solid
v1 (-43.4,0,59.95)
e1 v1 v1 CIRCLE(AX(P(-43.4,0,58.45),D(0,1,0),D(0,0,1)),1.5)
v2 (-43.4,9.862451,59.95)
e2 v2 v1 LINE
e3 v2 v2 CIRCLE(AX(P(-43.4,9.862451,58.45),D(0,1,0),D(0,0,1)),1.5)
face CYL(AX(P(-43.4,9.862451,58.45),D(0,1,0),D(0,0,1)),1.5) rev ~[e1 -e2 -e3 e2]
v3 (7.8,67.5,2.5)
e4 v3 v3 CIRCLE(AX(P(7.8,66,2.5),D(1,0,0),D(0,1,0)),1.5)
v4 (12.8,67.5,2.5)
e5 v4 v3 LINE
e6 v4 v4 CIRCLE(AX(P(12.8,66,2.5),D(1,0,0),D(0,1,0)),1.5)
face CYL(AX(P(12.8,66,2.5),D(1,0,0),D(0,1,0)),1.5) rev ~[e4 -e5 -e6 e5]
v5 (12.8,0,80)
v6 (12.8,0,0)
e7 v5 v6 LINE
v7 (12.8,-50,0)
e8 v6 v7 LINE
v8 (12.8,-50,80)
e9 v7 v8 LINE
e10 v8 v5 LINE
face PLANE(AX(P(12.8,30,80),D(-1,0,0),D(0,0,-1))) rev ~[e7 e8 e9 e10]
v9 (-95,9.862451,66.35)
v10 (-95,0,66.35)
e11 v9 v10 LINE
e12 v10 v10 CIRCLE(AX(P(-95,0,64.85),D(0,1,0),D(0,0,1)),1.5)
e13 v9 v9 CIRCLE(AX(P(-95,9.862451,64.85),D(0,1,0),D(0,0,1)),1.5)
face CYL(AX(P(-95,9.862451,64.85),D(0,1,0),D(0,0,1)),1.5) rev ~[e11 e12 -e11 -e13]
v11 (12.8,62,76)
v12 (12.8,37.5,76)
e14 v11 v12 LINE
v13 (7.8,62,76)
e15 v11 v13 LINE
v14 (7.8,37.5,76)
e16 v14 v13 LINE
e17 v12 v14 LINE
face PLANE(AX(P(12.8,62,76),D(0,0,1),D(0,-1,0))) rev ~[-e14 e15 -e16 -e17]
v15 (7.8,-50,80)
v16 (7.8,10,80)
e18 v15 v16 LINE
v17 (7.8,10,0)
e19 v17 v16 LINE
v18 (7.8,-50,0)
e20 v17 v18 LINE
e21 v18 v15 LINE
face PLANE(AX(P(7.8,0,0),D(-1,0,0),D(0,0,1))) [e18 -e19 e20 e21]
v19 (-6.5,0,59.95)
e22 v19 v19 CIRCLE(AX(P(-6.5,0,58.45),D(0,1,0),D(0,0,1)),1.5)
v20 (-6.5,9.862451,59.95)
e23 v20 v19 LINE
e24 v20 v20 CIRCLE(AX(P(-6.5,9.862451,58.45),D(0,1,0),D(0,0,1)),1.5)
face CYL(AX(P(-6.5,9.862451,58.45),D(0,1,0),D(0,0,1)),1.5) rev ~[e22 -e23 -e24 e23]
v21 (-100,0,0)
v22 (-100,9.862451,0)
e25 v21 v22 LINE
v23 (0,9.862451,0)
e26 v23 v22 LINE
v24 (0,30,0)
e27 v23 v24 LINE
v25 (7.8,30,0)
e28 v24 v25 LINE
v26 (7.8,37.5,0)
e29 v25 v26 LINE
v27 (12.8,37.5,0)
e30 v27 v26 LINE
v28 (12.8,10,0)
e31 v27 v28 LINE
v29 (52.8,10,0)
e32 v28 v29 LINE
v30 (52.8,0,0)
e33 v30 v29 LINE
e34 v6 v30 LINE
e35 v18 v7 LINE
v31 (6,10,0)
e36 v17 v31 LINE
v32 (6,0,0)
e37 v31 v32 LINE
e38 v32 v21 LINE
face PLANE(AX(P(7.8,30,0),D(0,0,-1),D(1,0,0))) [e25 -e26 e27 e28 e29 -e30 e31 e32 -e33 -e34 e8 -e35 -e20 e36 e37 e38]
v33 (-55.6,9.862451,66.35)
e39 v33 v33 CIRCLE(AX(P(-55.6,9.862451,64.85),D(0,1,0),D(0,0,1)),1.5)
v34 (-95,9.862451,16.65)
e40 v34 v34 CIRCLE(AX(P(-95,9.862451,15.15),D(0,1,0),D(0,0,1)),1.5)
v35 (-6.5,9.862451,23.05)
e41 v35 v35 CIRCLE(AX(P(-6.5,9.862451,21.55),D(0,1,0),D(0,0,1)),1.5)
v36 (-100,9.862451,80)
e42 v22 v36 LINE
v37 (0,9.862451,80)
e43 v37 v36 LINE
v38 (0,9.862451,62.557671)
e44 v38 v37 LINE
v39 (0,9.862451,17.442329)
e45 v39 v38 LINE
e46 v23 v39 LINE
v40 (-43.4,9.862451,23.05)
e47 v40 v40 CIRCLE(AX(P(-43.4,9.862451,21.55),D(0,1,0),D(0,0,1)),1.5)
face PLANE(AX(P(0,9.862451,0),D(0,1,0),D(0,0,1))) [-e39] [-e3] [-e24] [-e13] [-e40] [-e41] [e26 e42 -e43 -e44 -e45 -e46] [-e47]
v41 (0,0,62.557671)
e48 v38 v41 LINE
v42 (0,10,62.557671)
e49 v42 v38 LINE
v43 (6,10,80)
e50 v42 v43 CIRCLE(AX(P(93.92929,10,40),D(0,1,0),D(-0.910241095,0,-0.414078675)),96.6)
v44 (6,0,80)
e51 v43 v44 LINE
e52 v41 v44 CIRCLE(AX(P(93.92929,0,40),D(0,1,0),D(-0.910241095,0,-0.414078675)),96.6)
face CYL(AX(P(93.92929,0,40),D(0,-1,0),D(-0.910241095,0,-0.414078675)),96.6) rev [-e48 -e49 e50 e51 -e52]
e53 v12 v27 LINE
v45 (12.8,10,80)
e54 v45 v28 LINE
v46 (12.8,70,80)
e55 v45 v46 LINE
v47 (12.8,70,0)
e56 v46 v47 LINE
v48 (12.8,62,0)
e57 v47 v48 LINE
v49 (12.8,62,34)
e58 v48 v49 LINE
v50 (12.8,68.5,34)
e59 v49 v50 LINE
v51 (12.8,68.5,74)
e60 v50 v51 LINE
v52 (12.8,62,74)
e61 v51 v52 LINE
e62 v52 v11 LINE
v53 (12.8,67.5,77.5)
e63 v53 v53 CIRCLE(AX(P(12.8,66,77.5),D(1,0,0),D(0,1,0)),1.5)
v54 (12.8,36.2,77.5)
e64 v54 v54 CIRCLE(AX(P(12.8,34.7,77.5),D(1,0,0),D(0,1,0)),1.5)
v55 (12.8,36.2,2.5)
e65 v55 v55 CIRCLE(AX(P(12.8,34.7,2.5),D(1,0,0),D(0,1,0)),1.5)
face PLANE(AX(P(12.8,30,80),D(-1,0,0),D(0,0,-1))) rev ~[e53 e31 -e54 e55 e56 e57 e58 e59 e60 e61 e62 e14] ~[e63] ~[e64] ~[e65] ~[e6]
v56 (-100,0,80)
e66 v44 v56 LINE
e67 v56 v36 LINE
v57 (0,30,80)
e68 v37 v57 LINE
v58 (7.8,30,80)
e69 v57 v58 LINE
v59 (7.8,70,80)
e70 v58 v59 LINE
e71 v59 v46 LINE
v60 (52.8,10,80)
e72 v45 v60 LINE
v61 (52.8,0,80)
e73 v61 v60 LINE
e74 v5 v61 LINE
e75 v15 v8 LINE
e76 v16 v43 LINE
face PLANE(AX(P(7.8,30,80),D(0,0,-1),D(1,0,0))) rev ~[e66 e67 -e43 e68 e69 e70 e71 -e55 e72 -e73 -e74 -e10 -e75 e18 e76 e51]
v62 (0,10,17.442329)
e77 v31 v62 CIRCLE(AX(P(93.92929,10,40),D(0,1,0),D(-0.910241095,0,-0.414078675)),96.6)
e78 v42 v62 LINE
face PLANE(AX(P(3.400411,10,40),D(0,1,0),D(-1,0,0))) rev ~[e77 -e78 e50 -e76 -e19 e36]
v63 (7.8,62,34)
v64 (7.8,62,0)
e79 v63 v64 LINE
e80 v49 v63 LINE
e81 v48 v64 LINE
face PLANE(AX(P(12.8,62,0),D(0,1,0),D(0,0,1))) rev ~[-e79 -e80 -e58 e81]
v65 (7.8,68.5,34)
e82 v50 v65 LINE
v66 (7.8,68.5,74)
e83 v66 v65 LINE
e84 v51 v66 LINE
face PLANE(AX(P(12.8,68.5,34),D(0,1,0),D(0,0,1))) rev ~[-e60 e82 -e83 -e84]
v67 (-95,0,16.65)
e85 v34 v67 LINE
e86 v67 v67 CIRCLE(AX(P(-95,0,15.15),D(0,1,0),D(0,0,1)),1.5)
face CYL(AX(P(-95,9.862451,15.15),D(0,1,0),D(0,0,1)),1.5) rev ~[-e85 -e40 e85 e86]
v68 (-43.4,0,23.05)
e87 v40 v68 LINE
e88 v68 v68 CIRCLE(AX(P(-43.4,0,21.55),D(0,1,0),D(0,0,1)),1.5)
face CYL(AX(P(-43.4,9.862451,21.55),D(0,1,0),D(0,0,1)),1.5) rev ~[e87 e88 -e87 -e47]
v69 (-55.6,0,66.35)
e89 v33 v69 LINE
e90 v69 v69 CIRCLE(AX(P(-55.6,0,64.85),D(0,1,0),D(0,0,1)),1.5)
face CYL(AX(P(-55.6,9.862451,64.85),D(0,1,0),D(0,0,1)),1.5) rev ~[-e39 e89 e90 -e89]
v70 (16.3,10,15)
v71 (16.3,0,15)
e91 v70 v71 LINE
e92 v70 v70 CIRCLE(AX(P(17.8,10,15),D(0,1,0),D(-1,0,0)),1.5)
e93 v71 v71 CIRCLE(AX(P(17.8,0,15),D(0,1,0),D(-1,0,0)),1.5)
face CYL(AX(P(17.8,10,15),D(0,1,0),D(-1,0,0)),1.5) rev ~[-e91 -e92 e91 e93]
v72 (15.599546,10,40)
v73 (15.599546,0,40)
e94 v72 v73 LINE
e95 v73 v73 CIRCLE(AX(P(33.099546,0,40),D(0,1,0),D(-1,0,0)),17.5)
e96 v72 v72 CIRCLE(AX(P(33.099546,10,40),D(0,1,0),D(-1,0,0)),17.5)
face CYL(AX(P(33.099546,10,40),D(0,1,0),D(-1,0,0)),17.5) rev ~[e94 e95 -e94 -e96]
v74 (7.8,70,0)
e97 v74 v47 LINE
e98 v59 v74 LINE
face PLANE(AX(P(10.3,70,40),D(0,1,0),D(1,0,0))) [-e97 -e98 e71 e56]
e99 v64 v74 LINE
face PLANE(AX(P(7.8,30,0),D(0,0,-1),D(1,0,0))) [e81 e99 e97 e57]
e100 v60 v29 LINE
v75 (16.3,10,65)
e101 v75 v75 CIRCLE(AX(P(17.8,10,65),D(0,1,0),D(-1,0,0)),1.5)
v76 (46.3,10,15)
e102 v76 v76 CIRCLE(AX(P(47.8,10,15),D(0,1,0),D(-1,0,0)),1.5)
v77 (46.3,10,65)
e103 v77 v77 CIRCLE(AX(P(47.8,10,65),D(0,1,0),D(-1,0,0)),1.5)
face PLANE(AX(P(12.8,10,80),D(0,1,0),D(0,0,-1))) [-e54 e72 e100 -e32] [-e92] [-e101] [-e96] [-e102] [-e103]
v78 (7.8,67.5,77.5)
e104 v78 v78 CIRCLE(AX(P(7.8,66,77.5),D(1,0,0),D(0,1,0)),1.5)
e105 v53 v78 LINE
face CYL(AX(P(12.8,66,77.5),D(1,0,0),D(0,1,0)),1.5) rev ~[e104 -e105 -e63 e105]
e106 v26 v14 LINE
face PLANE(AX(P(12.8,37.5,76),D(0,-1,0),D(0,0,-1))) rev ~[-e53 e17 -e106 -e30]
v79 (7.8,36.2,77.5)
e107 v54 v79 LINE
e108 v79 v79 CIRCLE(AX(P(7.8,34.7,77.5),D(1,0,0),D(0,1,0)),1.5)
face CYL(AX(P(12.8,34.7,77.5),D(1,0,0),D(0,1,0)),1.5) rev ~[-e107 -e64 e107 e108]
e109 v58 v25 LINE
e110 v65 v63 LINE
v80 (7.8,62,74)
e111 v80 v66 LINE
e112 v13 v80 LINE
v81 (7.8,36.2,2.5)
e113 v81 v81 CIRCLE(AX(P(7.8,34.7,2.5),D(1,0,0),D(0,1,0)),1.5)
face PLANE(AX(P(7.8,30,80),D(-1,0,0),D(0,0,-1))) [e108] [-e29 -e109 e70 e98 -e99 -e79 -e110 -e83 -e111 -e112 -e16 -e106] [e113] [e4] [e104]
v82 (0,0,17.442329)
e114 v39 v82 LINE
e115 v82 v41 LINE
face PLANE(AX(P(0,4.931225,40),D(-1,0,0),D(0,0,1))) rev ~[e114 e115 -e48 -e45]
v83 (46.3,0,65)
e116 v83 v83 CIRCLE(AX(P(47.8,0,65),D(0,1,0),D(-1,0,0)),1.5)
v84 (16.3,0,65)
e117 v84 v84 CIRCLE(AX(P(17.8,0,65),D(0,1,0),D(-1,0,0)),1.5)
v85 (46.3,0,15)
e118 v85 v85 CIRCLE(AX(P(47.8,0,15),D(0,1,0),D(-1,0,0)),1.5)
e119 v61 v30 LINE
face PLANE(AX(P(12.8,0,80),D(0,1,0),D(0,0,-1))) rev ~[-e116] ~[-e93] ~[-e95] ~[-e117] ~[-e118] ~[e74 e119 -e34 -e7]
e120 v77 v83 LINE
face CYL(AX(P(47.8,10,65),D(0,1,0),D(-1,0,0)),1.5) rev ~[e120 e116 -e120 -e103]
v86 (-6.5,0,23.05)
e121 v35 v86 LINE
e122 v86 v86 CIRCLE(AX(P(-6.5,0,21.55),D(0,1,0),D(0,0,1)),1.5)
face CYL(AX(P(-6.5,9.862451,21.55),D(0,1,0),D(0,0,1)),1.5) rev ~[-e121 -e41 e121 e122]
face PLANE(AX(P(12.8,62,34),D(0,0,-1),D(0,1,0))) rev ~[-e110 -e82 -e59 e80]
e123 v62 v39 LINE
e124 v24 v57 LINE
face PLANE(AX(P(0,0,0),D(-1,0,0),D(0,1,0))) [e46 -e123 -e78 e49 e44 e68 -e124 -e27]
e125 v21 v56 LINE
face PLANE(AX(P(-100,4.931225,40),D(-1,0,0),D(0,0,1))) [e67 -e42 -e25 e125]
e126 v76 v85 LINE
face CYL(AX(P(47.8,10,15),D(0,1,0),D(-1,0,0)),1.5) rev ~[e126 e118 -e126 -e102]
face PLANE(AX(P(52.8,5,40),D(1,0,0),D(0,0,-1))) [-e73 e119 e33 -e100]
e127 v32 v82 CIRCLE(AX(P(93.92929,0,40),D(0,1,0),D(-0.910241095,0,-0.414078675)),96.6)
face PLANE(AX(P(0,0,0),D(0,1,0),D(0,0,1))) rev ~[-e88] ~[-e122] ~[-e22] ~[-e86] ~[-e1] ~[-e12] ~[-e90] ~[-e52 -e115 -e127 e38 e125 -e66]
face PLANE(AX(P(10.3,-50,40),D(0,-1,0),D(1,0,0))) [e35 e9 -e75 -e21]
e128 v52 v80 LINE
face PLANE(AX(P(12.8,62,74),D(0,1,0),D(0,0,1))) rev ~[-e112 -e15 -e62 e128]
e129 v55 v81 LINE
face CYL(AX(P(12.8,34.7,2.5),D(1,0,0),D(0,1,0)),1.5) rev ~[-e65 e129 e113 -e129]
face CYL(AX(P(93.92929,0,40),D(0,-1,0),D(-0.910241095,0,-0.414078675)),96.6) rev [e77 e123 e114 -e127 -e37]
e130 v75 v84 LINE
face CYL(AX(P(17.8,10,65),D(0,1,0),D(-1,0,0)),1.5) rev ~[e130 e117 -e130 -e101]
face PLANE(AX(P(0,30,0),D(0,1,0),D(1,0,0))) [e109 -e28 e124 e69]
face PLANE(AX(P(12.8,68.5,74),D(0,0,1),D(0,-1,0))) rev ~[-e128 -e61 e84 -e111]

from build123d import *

# Parameters (mm, degrees)
BOSS_EXTRUDE1_DEPTH   = 80
CORTE_EXTRUS_O1_DEPTH = 10
SKETCH3_W             = 5
SKETCH3_H             = 80
BOSS_EXTRUDE2_DEPTH   = 50
SKETCH4_W             = 80
SKETCH4_H             = 9.86245083
BOSS_EXTRUDE3_DEPTH   = 100
SKETCH5_R             = 1.5
CUT_EXTRUDE1_DEPTH    = 40
SKETCH6_W             = 5
SKETCH6_H             = 80
BOSS_EXTRUDE4_DEPTH   = 40
SKETCH7_R             = 1.5
CUT_EXTRUDE2_DEPTH    = 40
SKETCH8_W             = 80
SKETCH8_H             = 10
BOSS_EXTRUDE5_DEPTH   = 40
SKETCH9_R             = 1.5
SKETCH9_R_2           = 17.5
CUT_EXTRUDE3_DEPTH    = 40


with BuildPart() as part:
    # Sketch1 → Boss-Extrude1 (new body)
    with BuildSketch(Plane.XY):
        Polygon((0, 0), (0, 30), (12.8, 30), (12.8, 0), (7.8, 0), (7.8, 10), (6, 10), (6, 0), align=None)
    extrude(amount=BOSS_EXTRUDE1_DEPTH)

    # Esboço2 → Corte-extrusão1 (cut)
    with BuildSketch(Plane.XZ):
        with BuildLine():
            Line((6, 80), (6, 0))
            ThreePointArc((6, 0), (-2.670710227, 40), (6, 80))
        make_face()
    extrude(amount=-CORTE_EXTRUS_O1_DEPTH, mode=Mode.SUBTRACT)

    # Sketch3 → Boss-Extrude2 (add)
    with BuildSketch(Plane.XZ):
        with Locations((10.3, 40)):
            Rectangle(SKETCH3_W, SKETCH3_H)
    extrude(amount=BOSS_EXTRUDE2_DEPTH)

    # Sketch4 → Boss-Extrude3 (add)
    with BuildSketch(Plane.ZY):
        with Locations((40, 4.931225415)):
            Rectangle(SKETCH4_W, SKETCH4_H)
    extrude(amount=BOSS_EXTRUDE3_DEPTH)

    # Sketch5 → Cut-Extrude1 (cut)
    with BuildSketch(Plane(origin=(0, 9.86245083, 0), x_dir=(1, 0, 0), z_dir=(0, 1, 0))):
        with Locations(Location((-6.5, -21.55, 0), (0, 0, 270))):
            Circle(SKETCH5_R)
        with Locations(Location((-6.5, -58.45, 0), (0, 0, 270))):
            Circle(SKETCH5_R)
        with Locations(Location((-43.4, -21.55, 0), (0, 0, 270))):
            Circle(SKETCH5_R)
        with Locations(Location((-43.4, -58.45, 0), (0, 0, 270))):
            Circle(SKETCH5_R)
        with Locations(Location((-55.6, -64.85, 0), (0, 0, 270))):
            Circle(SKETCH5_R)
        with Locations(Location((-95, -64.85, 0), (0, 0, 270))):
            Circle(SKETCH5_R)
        with Locations(Location((-95, -15.15, 0), (0, 0, 270))):
            Circle(SKETCH5_R)
    extrude(amount=-CUT_EXTRUDE1_DEPTH, mode=Mode.SUBTRACT)

    # Sketch6 → Boss-Extrude4 (add)
    with BuildSketch(Plane(origin=(0, 30, 0), x_dir=(1, 0, 0), z_dir=(0, 1, 0))):
        with Locations((10.3, -40)):
            Rectangle(SKETCH6_W, SKETCH6_H)
    extrude(amount=BOSS_EXTRUDE4_DEPTH)

    # Sketch7 → Cut-Extrude2 (cut)
    with BuildSketch(Plane(origin=(12.8, 0, 0), x_dir=(0, 0, -1), z_dir=(1, 0, 0))):
        with Locations(Location((-77.5, 66, 0), (0, 0, 90))):
            Circle(SKETCH7_R)
        with Locations(Location((-2.5, 66, 0), (0, 0, 90))):
            Circle(SKETCH7_R)
        with Locations(Location((-2.5, 34.7, 0), (0, 0, 90))):
            Circle(SKETCH7_R)
        with Locations(Location((-77.5, 34.7, 0), (0, 0, 90))):
            Circle(SKETCH7_R)
        Polygon((-74, 68.5), (-74, 62), (-76, 62), (-76, 37.5), (0, 37.5), (0, 62), (-34, 62), (-34, 68.5), align=None)
    extrude(amount=-CUT_EXTRUDE2_DEPTH, mode=Mode.SUBTRACT)

    # Sketch8 → Boss-Extrude5 (add)
    with BuildSketch(Plane(origin=(12.8, 0, 0), x_dir=(0, 0, -1), z_dir=(1, 0, 0))):
        with Locations((-40, 5)):
            Rectangle(SKETCH8_W, SKETCH8_H)
    extrude(amount=BOSS_EXTRUDE5_DEPTH)

    # Sketch9 → Cut-Extrude3 (cut)
    with BuildSketch(Plane(origin=(0, 10, 0), x_dir=(1, 0, 0), z_dir=(0, 1, 0))):
        with Locations(Location((47.8, -65, 0), (0, 0, 180))):
            Circle(SKETCH9_R)
        with Locations(Location((17.8, -65, 0), (0, 0, 180))):
            Circle(SKETCH9_R)
        with Locations(Location((47.8, -15, 0), (0, 0, 180))):
            Circle(SKETCH9_R)
        with Locations(Location((17.8, -15, 0), (0, 0, 180))):
            Circle(SKETCH9_R)
        with Locations(Location((33.099545745, -40, 0), (0, 0, 180))):
            Circle(SKETCH9_R_2)
    extrude(amount=-CUT_EXTRUDE3_DEPTH, mode=Mode.SUBTRACT)


solid = part.part
